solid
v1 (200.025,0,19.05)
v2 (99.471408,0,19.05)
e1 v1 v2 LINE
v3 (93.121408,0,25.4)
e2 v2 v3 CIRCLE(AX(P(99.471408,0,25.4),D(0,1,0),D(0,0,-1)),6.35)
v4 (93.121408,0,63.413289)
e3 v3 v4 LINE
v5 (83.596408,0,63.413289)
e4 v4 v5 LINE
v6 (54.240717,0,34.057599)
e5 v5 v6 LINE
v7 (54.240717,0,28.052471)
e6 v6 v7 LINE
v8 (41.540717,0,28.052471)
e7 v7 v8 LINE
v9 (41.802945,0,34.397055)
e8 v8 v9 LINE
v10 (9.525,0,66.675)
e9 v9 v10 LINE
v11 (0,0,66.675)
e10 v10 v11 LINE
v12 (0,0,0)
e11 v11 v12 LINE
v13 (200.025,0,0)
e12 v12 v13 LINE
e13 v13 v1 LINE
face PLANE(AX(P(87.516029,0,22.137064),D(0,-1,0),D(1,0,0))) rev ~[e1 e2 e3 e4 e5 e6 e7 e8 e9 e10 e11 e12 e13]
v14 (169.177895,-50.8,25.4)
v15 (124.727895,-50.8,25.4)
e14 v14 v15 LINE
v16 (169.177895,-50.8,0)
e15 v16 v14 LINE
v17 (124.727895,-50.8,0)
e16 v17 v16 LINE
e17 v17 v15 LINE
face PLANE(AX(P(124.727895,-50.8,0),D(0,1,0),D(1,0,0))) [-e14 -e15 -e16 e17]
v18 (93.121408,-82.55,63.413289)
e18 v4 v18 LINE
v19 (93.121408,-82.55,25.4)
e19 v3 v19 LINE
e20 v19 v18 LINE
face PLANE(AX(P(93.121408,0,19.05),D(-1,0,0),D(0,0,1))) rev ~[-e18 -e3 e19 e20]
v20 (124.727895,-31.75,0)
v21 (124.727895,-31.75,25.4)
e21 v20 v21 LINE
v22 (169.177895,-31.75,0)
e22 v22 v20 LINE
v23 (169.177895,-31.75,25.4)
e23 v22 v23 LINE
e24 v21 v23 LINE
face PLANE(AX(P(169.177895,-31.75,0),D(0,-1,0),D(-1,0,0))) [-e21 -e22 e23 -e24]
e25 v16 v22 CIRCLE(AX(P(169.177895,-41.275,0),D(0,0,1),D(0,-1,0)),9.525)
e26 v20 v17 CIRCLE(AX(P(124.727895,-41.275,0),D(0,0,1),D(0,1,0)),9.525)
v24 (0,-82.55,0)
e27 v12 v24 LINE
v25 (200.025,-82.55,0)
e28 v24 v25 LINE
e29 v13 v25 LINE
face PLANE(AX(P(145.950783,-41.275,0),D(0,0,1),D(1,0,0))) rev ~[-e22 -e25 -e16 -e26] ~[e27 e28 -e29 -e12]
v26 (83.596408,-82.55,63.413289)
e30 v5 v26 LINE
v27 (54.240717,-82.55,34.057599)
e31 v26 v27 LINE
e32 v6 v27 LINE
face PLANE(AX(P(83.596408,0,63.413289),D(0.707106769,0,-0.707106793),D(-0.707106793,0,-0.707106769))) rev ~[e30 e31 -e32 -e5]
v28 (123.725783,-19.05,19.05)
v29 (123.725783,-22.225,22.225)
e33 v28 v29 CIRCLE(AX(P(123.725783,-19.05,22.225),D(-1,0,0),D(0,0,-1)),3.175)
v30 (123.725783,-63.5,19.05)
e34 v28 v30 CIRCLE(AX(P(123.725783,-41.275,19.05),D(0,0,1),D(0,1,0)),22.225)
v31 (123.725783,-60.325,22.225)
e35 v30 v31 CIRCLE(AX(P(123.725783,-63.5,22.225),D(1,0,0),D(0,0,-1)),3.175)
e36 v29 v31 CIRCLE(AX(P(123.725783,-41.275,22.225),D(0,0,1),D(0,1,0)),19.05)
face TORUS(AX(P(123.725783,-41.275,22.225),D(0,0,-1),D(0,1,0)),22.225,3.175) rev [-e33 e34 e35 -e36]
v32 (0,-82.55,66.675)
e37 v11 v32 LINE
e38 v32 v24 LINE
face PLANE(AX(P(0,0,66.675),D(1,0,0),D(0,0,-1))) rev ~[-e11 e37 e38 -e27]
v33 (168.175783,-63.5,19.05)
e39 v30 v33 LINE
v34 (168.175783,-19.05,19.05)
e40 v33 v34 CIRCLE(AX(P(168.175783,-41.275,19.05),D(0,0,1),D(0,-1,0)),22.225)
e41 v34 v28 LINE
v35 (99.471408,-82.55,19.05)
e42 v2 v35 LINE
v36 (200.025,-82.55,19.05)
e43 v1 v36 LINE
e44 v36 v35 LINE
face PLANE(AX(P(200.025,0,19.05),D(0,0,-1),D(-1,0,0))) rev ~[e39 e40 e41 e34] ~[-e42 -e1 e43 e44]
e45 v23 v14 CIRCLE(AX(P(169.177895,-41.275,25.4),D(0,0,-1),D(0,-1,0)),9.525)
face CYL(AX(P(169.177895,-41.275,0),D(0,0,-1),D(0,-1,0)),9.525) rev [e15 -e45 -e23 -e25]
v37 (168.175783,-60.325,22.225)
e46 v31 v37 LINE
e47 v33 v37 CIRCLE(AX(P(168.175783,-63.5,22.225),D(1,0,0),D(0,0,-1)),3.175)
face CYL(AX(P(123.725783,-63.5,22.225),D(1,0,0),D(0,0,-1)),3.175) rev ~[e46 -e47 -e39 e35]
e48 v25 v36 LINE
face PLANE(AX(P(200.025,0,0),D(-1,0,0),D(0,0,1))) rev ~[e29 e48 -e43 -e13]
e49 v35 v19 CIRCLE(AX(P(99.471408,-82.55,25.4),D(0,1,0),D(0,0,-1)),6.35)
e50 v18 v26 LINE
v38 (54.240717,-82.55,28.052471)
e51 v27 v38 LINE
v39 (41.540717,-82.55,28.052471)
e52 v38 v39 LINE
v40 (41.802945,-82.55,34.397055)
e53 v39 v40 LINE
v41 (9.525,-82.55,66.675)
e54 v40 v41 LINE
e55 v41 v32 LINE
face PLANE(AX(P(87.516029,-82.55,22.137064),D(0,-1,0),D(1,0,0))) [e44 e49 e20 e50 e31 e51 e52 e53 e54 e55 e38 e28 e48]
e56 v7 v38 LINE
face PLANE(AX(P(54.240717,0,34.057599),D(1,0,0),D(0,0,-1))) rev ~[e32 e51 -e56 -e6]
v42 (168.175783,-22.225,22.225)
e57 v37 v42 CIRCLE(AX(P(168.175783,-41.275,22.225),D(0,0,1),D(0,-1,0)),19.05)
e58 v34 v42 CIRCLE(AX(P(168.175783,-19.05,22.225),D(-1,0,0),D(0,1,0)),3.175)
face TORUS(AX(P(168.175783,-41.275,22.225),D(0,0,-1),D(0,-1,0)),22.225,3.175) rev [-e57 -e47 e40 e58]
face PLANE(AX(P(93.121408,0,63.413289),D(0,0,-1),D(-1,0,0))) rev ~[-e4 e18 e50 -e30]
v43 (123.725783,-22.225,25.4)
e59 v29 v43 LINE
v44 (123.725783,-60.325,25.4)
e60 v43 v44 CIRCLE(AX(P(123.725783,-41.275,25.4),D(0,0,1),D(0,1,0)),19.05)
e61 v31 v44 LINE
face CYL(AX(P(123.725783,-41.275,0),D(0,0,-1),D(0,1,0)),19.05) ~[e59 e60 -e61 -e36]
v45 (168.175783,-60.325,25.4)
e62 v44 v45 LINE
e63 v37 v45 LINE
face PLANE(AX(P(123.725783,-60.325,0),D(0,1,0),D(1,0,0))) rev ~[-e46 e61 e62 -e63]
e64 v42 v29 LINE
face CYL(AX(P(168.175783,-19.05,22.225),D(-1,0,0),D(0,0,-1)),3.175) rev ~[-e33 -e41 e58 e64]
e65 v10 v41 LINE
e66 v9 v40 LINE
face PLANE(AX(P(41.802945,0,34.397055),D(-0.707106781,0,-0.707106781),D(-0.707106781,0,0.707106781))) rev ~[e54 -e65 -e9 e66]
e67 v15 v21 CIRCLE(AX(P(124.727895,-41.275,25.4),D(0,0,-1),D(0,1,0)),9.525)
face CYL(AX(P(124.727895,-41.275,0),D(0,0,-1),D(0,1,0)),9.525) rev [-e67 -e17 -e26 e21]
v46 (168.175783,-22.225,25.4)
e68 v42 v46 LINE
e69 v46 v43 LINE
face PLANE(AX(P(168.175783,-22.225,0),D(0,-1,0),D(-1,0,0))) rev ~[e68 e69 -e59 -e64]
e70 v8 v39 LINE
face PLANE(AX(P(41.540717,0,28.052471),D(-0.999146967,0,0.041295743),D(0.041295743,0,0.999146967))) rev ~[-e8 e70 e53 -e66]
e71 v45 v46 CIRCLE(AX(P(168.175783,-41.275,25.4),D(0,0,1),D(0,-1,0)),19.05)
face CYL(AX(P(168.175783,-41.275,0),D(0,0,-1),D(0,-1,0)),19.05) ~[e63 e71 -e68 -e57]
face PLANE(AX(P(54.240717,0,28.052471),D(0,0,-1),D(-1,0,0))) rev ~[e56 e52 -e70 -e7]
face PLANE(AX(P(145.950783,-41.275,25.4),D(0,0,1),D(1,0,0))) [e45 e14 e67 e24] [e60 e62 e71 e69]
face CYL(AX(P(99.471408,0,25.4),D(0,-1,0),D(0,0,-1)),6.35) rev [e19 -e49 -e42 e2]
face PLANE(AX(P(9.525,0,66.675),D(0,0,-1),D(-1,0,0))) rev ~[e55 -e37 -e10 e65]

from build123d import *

# Parameters (mm, degrees)
F1_DEPTH = 82.55
F3_DEPTH = 25.4
F5_DEPTH = 66.676
F6_R     = 3.175
F7_R     = 6.35


with BuildPart() as f1:
    # F0 (on Front) → F1 (new body)
    with BuildSketch(Plane.XZ):
        Polygon((0, 66.675), (0, 0), (200.025, 0), (200.025, 19.05), (93.121408, 19.05), (93.121408, 63.413289), (83.596408, 63.413289), (54.240717, 34.057599), (54.240717, 28.052471), (41.540717, 28.052471), (41.802945, 34.397055), (9.525, 66.675), align=None)
    extrude(amount=F1_DEPTH)

    # F2 (on Top) → F3 (join)
    with BuildSketch(Plane.XY):
        with BuildLine():
            Line((168.175783, -22.225), (123.725783, -22.225))
            ThreePointArc((123.725783, -22.225), (104.675783, -41.275), (123.725783, -60.325))
            Line((123.725783, -60.325), (168.175783, -60.325))
            ThreePointArc((168.175783, -60.325), (187.225783, -41.275), (168.175783, -22.225))
        make_face()
    extrude(amount=F3_DEPTH)

    # F4 (on Top) → F5 (cut, through all)
    with BuildSketch(Plane.XY):
        with BuildLine():
            ThreePointArc((124.727895, -31.75), (115.202895, -41.275), (124.727895, -50.8))
            Line((124.727895, -50.8), (169.177895, -50.8))
            ThreePointArc((169.177895, -50.8), (178.702895, -41.275), (169.177895, -31.75))
            Line((169.177895, -31.75), (124.727895, -31.75))
        make_face()
    extrude(amount=F5_DEPTH, mode=Mode.SUBTRACT)

    # F6
    f6_edges = [f1.edges().sort_by_distance(p)[0] for p in [
        (145.950783, -60.325, 19.05),
    ]]
    fillet(f6_edges, radius=F6_R)

    # F7
    f7_edges = [f1.edges().sort_by_distance(p)[0] for p in [
        (93.121408, -41.275, 19.05),
    ]]
    fillet(f7_edges, radius=F7_R)


solid = f1.part
